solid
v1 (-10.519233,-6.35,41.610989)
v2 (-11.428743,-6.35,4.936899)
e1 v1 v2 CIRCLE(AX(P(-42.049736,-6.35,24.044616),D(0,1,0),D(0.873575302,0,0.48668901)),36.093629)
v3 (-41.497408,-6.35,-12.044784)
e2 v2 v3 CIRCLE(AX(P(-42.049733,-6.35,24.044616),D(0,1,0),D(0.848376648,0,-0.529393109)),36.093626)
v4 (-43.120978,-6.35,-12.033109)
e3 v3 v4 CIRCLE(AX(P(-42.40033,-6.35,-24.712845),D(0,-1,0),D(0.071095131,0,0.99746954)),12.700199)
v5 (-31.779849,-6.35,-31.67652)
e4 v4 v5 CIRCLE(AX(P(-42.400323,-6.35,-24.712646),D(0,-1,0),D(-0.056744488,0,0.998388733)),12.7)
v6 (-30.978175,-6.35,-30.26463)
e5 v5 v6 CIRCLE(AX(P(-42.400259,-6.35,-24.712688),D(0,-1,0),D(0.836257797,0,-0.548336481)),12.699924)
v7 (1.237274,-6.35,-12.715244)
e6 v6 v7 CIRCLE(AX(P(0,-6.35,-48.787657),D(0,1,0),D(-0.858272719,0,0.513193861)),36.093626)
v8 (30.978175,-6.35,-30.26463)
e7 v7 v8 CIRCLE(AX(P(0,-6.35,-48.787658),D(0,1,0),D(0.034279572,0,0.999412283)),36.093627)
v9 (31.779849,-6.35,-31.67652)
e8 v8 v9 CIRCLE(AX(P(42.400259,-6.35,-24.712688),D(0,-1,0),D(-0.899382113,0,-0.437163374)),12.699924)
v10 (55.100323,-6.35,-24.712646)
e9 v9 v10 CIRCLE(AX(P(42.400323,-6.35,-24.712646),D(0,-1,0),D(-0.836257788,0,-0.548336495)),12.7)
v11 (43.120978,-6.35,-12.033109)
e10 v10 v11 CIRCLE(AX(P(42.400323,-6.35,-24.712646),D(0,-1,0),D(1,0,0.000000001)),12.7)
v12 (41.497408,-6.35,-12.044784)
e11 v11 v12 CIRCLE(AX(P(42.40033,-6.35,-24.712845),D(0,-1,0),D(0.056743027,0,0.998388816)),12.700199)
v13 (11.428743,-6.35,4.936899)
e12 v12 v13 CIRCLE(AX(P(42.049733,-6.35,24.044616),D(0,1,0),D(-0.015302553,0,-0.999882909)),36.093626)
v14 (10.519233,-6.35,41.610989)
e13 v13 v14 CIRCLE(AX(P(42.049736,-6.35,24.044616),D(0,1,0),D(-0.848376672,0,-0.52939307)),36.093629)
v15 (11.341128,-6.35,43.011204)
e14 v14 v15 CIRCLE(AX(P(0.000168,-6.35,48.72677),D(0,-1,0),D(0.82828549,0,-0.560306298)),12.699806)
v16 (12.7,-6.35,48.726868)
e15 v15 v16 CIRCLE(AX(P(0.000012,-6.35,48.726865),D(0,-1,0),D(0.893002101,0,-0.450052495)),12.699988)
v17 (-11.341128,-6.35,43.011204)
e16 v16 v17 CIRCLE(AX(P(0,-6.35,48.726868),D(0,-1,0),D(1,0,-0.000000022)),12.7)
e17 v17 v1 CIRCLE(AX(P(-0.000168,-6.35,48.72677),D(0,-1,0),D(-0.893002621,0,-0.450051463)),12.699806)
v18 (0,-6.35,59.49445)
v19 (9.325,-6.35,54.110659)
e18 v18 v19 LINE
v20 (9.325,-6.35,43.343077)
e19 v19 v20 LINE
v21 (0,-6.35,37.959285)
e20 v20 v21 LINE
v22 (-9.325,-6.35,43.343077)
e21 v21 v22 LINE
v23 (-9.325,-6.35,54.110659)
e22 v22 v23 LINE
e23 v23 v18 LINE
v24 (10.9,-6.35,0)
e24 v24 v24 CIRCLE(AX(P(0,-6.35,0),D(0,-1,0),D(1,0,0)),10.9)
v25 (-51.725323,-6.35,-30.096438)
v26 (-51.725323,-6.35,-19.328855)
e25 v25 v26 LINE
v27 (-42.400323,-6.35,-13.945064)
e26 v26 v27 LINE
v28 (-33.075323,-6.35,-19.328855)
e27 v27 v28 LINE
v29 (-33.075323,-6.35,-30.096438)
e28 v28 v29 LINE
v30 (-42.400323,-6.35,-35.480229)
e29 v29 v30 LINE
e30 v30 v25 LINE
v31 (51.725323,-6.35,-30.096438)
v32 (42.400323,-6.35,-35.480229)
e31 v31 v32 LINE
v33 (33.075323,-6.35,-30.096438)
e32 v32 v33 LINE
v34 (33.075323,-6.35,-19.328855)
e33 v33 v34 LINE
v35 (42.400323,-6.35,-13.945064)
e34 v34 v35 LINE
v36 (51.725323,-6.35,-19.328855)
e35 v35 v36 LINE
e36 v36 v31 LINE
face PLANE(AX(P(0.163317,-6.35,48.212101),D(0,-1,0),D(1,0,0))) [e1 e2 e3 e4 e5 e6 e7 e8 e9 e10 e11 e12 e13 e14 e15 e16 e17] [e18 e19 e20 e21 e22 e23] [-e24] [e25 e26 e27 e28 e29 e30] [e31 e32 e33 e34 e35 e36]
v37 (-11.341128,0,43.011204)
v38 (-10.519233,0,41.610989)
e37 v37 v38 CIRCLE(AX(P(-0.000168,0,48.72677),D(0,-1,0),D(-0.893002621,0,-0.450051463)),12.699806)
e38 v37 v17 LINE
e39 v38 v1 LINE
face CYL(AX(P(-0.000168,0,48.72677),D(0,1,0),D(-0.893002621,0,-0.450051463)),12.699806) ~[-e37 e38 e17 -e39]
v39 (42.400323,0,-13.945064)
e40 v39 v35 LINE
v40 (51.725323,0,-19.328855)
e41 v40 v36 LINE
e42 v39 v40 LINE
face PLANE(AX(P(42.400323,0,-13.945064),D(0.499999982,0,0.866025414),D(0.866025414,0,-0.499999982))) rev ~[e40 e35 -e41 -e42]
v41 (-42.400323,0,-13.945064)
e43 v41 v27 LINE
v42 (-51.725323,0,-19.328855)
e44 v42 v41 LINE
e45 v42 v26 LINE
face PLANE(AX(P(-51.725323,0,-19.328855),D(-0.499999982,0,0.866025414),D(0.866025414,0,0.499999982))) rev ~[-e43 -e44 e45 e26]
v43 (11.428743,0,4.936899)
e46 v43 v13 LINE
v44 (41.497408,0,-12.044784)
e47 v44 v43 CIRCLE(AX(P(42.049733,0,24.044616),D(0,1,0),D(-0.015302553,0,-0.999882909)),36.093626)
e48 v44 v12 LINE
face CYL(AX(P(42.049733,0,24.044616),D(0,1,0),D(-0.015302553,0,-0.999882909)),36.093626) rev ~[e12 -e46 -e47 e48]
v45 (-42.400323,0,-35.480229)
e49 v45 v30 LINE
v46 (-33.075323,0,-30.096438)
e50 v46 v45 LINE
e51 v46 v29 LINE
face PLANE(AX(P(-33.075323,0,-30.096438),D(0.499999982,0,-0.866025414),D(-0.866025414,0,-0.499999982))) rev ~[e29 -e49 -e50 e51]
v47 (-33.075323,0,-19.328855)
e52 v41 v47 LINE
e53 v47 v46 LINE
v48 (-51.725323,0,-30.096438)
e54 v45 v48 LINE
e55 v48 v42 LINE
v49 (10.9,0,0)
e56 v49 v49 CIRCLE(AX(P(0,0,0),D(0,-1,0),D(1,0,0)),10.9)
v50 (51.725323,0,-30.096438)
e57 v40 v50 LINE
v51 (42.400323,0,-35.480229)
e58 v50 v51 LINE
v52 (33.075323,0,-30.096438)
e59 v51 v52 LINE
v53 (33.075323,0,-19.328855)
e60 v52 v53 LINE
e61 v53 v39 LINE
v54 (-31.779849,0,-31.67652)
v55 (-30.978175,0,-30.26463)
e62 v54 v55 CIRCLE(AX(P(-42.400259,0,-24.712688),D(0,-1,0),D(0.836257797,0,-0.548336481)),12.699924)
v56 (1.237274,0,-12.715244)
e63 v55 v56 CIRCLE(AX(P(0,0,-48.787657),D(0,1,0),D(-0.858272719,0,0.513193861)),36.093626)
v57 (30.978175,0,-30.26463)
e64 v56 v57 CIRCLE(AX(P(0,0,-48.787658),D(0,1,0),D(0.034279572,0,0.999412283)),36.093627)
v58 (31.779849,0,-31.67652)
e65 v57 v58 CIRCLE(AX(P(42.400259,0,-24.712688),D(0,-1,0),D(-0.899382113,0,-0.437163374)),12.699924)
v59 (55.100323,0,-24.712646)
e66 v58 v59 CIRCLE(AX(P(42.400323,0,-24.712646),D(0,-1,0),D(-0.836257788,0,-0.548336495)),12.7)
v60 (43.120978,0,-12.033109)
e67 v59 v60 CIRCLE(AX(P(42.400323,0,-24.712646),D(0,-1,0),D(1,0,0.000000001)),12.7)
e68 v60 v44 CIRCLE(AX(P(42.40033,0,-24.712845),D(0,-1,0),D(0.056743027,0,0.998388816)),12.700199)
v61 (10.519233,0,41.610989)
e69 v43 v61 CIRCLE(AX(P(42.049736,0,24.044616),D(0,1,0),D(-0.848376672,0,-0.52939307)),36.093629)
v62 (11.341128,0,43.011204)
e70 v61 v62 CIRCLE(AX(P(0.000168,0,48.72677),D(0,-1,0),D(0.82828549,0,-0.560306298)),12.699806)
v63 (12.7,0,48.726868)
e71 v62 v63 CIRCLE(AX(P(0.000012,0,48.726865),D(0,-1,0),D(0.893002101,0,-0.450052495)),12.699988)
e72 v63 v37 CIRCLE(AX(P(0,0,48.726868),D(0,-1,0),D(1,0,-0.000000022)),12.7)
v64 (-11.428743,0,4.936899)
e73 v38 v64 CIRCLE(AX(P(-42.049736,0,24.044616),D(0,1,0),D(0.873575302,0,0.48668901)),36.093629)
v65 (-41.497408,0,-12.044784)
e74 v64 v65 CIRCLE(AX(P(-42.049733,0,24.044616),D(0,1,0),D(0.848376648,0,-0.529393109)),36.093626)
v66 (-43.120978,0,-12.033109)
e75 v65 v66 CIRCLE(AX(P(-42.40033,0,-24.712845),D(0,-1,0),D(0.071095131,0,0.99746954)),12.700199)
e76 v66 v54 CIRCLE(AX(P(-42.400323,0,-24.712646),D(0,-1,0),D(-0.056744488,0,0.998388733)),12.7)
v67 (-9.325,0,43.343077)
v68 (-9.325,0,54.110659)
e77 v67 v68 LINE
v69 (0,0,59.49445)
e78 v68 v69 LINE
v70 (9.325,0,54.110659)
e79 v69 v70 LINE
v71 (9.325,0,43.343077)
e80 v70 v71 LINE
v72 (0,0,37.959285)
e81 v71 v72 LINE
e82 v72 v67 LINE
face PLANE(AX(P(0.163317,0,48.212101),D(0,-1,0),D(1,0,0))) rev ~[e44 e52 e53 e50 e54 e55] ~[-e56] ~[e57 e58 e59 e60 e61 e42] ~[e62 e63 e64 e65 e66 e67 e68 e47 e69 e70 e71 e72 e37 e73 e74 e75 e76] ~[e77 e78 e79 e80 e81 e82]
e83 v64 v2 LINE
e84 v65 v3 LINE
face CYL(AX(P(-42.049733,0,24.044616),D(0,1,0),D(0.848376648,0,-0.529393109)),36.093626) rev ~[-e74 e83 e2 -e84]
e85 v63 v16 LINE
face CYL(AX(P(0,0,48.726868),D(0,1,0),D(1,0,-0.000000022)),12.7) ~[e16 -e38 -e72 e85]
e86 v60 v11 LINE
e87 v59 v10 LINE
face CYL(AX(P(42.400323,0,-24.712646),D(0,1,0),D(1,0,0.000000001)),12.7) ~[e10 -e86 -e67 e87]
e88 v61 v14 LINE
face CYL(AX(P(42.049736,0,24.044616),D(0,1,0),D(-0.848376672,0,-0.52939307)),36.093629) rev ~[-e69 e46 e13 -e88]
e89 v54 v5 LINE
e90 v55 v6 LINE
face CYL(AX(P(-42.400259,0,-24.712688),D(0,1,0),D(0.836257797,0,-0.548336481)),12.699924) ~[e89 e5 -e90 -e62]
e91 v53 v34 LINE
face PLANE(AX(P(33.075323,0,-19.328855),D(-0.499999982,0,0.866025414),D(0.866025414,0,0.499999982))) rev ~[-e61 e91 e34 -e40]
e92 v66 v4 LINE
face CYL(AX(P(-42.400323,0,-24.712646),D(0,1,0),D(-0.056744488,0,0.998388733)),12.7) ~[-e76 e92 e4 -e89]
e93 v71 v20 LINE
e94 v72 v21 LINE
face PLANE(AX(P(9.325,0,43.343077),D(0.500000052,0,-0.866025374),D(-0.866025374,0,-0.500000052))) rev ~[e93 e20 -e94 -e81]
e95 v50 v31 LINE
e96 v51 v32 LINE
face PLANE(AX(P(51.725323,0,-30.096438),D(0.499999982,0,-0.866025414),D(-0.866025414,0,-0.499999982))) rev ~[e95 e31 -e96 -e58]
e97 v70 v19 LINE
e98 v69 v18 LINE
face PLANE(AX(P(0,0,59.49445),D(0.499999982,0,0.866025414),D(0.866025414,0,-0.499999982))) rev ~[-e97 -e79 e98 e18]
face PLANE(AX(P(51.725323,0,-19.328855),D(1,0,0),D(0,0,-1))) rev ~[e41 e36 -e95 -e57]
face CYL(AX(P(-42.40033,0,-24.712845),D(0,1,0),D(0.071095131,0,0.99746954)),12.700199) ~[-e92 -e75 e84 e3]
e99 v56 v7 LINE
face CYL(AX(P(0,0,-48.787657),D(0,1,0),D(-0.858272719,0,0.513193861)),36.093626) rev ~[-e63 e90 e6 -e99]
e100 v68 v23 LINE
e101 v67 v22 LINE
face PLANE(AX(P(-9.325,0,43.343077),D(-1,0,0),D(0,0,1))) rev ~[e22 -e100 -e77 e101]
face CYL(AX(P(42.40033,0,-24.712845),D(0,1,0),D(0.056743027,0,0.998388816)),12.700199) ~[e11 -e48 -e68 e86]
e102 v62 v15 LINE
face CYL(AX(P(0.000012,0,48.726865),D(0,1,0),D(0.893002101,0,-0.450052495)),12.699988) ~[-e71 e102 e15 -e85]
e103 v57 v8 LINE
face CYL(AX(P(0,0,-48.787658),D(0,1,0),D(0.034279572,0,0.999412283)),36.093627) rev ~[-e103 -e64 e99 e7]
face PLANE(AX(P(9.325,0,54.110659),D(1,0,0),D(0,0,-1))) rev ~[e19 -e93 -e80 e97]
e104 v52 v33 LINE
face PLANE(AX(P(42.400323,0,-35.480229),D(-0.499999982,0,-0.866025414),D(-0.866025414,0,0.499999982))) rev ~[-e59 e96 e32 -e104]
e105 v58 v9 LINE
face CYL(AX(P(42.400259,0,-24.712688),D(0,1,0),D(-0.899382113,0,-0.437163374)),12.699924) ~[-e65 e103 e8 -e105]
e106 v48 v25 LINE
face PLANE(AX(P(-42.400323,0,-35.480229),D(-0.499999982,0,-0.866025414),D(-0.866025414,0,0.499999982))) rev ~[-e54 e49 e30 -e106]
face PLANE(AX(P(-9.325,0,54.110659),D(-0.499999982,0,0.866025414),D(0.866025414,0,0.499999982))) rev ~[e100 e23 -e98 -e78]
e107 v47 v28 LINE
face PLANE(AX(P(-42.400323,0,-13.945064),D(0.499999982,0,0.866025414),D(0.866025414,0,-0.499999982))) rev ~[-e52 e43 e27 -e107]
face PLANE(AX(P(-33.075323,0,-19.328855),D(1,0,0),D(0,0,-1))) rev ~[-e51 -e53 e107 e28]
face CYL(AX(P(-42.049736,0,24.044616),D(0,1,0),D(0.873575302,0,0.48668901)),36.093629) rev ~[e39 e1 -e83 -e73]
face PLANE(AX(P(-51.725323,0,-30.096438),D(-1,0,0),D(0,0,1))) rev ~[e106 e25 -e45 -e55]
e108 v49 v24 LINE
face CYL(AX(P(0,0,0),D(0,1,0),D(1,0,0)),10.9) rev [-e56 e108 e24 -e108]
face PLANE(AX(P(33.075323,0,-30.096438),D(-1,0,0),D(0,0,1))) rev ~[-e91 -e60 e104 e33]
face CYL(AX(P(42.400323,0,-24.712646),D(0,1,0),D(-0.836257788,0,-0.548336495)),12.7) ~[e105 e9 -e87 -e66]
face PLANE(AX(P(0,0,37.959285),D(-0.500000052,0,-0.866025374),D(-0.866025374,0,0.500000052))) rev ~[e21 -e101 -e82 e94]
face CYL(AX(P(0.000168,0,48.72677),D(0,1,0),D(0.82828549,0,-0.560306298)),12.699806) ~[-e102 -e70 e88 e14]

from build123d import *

# Parameters (mm, degrees)
F0_R     = 10.9
F1_DEPTH = 6.35


with BuildPart() as f1:
    # F0 (on Front) → F1 (new body)
    with BuildSketch(Plane.XZ):
        with BuildLine():
            ThreePointArc((11.341128, 43.011204), (12.355613, 45.78938), (12.7, 48.726868))
            ThreePointArc((12.7, 48.726868), (-2.937488, 61.082481), (-11.341128, 43.011204))
            ThreePointArc((-11.341128, 43.011204), (-10.922306, 42.315719), (-10.519233, 41.610989))
            ThreePointArc((-10.519233, 41.610989), (0, 36.026868), (10.519233, 41.610989))
            ThreePointArc((10.519233, 41.610989), (10.922306, 42.315719), (11.341128, 43.011204))
        make_face()
        Polygon((0, 59.49445), (9.325, 54.110659), (9.325, 43.343077), (0, 37.959285), (-9.325, 43.343077), (-9.325, 54.110659), align=None, mode=Mode.SUBTRACT)
        with BuildLine():
            ThreePointArc((-10.519233, 41.610989), (-10.922306, 42.315719), (-11.341128, 43.011204))
            ThreePointArc((-11.341128, 43.011204), (-10.95258, 42.297949), (-10.519233, 41.610989))
        make_face()
        with BuildLine():
            ThreePointArc((10.519233, 41.610989), (10.95258, 42.297949), (11.341128, 43.011204))
            ThreePointArc((11.341128, 43.011204), (10.922306, 42.315719), (10.519233, 41.610989))
        make_face()
        with BuildLine():
            ThreePointArc((10.519233, 41.610989), (0, 36.026868), (-10.519233, 41.610989))
            ThreePointArc((-10.519233, 41.610989), (-5.967201, 23.149777), (-11.428743, 4.936899))
            ThreePointArc((-11.428743, 4.936899), (-24.300415, -7.383263), (-41.497408, -12.044784))
            ThreePointArc((-41.497408, -12.044784), (-33.106319, -16.057504), (-29.700323, -24.712646))
            ThreePointArc((-29.700323, -24.712646), (-30.023908, -27.561217), (-30.978175, -30.26463))
            ThreePointArc((-30.978175, -30.26463), (-17.266312, -17.091848), (1.237274, -12.715244))
            ThreePointArc((1.237274, -12.715244), (18.342683, -17.702358), (30.978175, -30.26463))
            ThreePointArc((30.978175, -30.26463), (31.401801, -18.362646), (41.497408, -12.044784))
            ThreePointArc((41.497408, -12.044784), (24.300415, -7.383263), (11.428743, 4.936899))
            ThreePointArc((11.428743, 4.936899), (5.967201, 23.149777), (10.519233, 41.610989))
        make_face()
        Circle(F0_R, mode=Mode.SUBTRACT)
        with BuildLine():
            ThreePointArc((-29.700323, -24.712646), (-33.106319, -16.057504), (-41.497408, -12.044784))
            ThreePointArc((-41.497408, -12.044784), (-42.309258, -12.048077), (-43.120978, -12.033109))
            ThreePointArc((-43.120978, -12.033109), (-53.398846, -31.062646), (-31.779849, -31.67652))
            ThreePointArc((-31.779849, -31.67652), (-31.386952, -30.966066), (-30.978175, -30.26463))
            ThreePointArc((-30.978175, -30.26463), (-30.023908, -27.561217), (-29.700323, -24.712646))
        make_face()
        Polygon((-51.725323, -19.328855), (-42.400323, -13.945064), (-33.075323, -19.328855), (-33.075323, -30.096438), (-42.400323, -35.480229), (-51.725323, -30.096438), align=None, mode=Mode.SUBTRACT)
        with BuildLine():
            ThreePointArc((-43.120978, -12.033109), (-42.309258, -12.048077), (-41.497408, -12.044784))
            ThreePointArc((-41.497408, -12.044784), (-42.309006, -12.012975), (-43.120978, -12.033109))
        make_face()
        with BuildLine():
            ThreePointArc((43.120978, -12.033109), (42.309006, -12.012975), (41.497408, -12.044784))
            ThreePointArc((41.497408, -12.044784), (42.309258, -12.048077), (43.120978, -12.033109))
        make_face()
        with BuildLine():
            ThreePointArc((43.120978, -12.033109), (42.309258, -12.048077), (41.497408, -12.044784))
            ThreePointArc((41.497408, -12.044784), (31.401801, -18.362646), (30.978175, -30.26463))
            ThreePointArc((30.978175, -30.26463), (31.386952, -30.966066), (31.779849, -31.67652))
            ThreePointArc((31.779849, -31.67652), (46.03419, -36.881665), (55.100323, -24.712646))
            ThreePointArc((55.100323, -24.712646), (51.631854, -15.990901), (43.120978, -12.033109))
        make_face()
        Polygon((42.400323, -35.480229), (33.075323, -30.096438), (33.075323, -19.328855), (42.400323, -13.945064), (51.725323, -19.328855), (51.725323, -30.096438), align=None, mode=Mode.SUBTRACT)
        with BuildLine():
            ThreePointArc((31.779849, -31.67652), (31.386952, -30.966066), (30.978175, -30.26463))
            ThreePointArc((30.978175, -30.26463), (31.356426, -30.983399), (31.779849, -31.67652))
        make_face()
        with BuildLine():
            ThreePointArc((-30.978175, -30.26463), (-31.386952, -30.966066), (-31.779849, -31.67652))
            ThreePointArc((-31.779849, -31.67652), (-31.356426, -30.983399), (-30.978175, -30.26463))
        make_face()
    extrude(amount=F1_DEPTH)


solid = f1.part
